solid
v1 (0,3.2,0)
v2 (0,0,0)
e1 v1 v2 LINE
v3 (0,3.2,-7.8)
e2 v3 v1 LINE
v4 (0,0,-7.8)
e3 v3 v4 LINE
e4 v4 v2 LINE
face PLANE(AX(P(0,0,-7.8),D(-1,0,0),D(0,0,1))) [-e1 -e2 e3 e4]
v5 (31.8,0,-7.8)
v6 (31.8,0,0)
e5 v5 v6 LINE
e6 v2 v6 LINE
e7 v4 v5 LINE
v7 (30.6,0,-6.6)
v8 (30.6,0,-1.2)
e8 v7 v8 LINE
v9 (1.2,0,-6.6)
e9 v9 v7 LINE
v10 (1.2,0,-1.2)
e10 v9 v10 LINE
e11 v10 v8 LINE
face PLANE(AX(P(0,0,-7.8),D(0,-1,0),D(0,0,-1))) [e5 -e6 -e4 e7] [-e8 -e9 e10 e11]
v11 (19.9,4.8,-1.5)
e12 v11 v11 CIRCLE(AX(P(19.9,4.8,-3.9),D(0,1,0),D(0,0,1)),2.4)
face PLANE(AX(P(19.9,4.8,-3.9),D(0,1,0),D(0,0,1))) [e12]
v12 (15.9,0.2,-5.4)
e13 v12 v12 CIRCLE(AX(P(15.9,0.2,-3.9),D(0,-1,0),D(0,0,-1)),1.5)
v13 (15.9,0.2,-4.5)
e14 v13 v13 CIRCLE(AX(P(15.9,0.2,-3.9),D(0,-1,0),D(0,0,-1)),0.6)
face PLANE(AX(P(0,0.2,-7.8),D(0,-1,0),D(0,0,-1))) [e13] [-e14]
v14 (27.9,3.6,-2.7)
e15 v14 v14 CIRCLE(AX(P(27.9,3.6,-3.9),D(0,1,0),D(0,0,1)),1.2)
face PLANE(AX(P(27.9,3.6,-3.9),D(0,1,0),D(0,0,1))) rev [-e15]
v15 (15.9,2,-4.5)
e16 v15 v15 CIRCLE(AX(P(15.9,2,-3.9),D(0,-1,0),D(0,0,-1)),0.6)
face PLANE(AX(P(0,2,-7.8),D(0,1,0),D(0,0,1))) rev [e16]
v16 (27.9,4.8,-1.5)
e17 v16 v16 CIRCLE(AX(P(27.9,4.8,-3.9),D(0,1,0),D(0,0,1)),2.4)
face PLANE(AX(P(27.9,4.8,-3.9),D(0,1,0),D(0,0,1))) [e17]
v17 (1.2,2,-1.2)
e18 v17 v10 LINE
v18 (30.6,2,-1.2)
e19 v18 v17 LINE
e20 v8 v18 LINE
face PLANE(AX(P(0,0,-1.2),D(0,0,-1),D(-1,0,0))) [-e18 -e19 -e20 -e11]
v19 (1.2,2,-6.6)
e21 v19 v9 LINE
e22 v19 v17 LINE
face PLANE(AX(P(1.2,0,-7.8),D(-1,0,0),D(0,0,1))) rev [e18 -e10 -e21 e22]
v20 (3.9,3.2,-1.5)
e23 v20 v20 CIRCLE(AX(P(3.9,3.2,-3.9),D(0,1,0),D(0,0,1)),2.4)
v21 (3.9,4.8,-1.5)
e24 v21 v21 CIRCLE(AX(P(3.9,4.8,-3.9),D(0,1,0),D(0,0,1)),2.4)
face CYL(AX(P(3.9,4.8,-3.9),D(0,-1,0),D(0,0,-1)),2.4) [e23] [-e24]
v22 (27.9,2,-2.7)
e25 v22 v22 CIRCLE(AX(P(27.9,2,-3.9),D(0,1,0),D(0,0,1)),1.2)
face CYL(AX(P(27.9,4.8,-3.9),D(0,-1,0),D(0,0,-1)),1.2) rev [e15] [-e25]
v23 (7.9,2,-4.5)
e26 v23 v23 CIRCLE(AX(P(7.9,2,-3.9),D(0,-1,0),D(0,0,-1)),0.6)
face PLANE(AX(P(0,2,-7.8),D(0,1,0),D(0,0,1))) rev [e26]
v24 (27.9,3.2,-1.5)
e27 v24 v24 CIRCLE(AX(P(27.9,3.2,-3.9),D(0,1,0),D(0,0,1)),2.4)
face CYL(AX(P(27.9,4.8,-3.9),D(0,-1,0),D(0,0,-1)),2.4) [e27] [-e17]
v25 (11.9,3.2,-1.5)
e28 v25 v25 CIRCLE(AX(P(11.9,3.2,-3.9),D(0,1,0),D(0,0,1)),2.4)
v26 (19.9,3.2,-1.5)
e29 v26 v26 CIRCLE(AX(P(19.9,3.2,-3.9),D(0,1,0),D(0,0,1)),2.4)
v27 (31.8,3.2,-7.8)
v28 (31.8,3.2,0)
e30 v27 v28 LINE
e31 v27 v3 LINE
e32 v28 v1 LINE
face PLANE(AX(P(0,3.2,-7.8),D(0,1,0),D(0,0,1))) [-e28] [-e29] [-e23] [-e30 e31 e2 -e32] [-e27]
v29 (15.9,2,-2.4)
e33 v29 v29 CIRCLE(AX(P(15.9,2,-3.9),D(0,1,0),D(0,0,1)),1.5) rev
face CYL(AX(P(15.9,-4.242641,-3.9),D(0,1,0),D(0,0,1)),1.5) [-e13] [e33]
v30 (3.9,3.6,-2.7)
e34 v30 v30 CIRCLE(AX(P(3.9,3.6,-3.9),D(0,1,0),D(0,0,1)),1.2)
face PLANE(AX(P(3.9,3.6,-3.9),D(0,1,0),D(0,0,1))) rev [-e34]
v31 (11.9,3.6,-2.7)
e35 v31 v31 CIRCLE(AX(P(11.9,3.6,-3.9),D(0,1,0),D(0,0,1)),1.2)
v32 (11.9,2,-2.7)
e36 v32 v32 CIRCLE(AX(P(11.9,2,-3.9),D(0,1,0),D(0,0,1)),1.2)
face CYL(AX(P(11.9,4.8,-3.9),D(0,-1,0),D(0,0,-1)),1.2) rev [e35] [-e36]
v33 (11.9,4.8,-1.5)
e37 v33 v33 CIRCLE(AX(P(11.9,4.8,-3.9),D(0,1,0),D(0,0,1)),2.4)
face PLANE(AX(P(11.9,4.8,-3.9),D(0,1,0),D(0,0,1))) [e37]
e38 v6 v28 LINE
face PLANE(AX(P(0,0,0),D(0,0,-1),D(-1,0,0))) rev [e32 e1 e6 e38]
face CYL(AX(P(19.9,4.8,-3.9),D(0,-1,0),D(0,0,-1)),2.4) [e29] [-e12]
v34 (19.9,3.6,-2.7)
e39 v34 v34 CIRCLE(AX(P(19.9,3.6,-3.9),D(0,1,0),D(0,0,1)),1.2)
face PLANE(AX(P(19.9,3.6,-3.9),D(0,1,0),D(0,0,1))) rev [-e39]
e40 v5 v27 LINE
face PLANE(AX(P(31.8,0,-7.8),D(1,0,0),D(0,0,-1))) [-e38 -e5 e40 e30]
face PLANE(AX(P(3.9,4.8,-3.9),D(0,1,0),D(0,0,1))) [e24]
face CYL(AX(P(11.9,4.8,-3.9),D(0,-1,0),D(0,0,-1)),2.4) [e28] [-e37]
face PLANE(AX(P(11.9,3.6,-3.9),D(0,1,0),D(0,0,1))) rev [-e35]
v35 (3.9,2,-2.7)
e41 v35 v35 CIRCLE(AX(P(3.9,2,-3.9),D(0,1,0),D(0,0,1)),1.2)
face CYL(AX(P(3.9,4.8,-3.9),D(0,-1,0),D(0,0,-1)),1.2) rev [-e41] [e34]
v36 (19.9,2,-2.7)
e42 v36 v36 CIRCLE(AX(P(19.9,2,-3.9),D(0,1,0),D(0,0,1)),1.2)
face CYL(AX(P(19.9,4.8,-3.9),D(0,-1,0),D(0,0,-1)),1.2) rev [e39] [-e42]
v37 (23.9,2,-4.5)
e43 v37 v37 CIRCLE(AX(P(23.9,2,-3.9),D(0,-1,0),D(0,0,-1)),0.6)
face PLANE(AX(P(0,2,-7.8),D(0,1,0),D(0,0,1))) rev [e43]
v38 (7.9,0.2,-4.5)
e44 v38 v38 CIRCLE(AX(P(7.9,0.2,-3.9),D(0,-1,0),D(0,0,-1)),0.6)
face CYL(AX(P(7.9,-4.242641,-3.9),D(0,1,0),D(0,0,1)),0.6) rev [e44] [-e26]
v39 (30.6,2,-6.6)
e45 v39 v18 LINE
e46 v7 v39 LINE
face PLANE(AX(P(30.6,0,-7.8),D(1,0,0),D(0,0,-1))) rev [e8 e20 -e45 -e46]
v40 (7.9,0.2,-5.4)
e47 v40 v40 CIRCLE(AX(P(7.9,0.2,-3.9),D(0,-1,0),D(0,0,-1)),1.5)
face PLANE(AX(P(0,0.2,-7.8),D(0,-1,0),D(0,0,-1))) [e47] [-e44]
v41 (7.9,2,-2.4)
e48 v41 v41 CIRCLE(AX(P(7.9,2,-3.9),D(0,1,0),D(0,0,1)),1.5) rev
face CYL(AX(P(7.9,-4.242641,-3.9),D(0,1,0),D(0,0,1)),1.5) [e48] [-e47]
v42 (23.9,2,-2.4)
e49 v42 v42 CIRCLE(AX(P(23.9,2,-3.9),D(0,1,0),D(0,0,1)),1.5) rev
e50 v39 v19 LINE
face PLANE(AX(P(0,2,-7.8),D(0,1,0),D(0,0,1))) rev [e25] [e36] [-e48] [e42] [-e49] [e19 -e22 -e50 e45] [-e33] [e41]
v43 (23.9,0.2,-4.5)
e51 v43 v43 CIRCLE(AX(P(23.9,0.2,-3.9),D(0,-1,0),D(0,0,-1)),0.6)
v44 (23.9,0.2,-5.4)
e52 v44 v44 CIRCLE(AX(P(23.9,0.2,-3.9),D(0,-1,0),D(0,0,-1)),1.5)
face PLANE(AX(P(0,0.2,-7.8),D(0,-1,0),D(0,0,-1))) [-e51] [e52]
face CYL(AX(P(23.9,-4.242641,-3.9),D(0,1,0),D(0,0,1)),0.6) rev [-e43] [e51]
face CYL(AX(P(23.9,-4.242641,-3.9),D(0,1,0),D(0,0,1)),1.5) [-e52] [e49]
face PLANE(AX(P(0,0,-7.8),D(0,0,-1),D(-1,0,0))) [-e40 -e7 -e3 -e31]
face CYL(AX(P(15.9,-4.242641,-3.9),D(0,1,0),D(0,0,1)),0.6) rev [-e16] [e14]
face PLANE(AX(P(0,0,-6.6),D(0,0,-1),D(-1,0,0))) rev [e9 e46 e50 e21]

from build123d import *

# Parameters (mm, degrees)
SKETCH1_W            = 31.8
SKETCH1_H            = 3.2
BOSS_EXTRUDE1_DEPTH  = 7.8
SKETCH2_R            = 2.4
BOSS_EXTRUDE2_DEPTH  = 1.6
LPATTERN1_COUNT      = 2
LPATTERN1_PITCH      = 8
LPATTERN1_COUNT_DIR2 = 6
LPATTERN1_PITCH_DIR2 = 8
SHELL1_T             = -1.2
SKETCH3_R            = 1.5
SKETCH3_R_2          = 0.6
BOSS_EXTRUDE3_DEPTH  = 1.8
LPATTERN2_COUNT      = 3
LPATTERN2_PITCH      = 8


with BuildPart() as part:
    # Sketch1 → Boss-Extrude1 (new body)
    with BuildSketch(Plane.XY):
        with Locations((15.9, 1.6)):
            Rectangle(SKETCH1_W, SKETCH1_H)
    extrude(amount=-BOSS_EXTRUDE1_DEPTH)

    # Sketch2 → Boss-Extrude2 (add)
    with BuildSketch(Plane(origin=(0, 3.2, 0), x_dir=(1, 0, 0), z_dir=(0, 1, 0))):
        with Locations(Location((3.9, 3.9, 0), (0, 0, 270))):
            Circle(SKETCH2_R)
    boss_extrude2 = extrude(amount=BOSS_EXTRUDE2_DEPTH)

    # LPattern1: Boss-Extrude2 2 × 6, 8 skipped
    with Locations(*[(j * LPATTERN1_PITCH_DIR2, 0, i * LPATTERN1_PITCH) for i in range(LPATTERN1_COUNT) for j in range(LPATTERN1_COUNT_DIR2) if (i, j) not in ((0, 0), (0, 4), (0, 5), (1, 0), (1, 1), (1, 2), (1, 3), (1, 4), (1, 5))]):
        add(boss_extrude2)

    # Shell1
    shell1_openings = [part.faces().sort_by_distance(p)[0] for p in [
        (15.9, 0, -3.9),
    ]]
    offset(amount=SHELL1_T, openings=shell1_openings, kind=Kind.INTERSECTION)

    # Sketch3 → Boss-Extrude3 (add)
    with BuildSketch(Plane.XZ.offset(-2)):
        with Locations(Location((23.9, -3.9, 0), (0, 0, 90))):
            Circle(SKETCH3_R)
        with Locations(Location((23.9, -3.9, 0), (0, 0, 270))):
            Circle(SKETCH3_R_2, mode=Mode.SUBTRACT)
    boss_extrude3 = extrude(amount=BOSS_EXTRUDE3_DEPTH)

    # LPattern2: Boss-Extrude3 ×3
    with Locations(*[(-i * LPATTERN2_PITCH, 0, 0) for i in range(1, LPATTERN2_COUNT)]):
        add(boss_extrude3)


solid = part.part
